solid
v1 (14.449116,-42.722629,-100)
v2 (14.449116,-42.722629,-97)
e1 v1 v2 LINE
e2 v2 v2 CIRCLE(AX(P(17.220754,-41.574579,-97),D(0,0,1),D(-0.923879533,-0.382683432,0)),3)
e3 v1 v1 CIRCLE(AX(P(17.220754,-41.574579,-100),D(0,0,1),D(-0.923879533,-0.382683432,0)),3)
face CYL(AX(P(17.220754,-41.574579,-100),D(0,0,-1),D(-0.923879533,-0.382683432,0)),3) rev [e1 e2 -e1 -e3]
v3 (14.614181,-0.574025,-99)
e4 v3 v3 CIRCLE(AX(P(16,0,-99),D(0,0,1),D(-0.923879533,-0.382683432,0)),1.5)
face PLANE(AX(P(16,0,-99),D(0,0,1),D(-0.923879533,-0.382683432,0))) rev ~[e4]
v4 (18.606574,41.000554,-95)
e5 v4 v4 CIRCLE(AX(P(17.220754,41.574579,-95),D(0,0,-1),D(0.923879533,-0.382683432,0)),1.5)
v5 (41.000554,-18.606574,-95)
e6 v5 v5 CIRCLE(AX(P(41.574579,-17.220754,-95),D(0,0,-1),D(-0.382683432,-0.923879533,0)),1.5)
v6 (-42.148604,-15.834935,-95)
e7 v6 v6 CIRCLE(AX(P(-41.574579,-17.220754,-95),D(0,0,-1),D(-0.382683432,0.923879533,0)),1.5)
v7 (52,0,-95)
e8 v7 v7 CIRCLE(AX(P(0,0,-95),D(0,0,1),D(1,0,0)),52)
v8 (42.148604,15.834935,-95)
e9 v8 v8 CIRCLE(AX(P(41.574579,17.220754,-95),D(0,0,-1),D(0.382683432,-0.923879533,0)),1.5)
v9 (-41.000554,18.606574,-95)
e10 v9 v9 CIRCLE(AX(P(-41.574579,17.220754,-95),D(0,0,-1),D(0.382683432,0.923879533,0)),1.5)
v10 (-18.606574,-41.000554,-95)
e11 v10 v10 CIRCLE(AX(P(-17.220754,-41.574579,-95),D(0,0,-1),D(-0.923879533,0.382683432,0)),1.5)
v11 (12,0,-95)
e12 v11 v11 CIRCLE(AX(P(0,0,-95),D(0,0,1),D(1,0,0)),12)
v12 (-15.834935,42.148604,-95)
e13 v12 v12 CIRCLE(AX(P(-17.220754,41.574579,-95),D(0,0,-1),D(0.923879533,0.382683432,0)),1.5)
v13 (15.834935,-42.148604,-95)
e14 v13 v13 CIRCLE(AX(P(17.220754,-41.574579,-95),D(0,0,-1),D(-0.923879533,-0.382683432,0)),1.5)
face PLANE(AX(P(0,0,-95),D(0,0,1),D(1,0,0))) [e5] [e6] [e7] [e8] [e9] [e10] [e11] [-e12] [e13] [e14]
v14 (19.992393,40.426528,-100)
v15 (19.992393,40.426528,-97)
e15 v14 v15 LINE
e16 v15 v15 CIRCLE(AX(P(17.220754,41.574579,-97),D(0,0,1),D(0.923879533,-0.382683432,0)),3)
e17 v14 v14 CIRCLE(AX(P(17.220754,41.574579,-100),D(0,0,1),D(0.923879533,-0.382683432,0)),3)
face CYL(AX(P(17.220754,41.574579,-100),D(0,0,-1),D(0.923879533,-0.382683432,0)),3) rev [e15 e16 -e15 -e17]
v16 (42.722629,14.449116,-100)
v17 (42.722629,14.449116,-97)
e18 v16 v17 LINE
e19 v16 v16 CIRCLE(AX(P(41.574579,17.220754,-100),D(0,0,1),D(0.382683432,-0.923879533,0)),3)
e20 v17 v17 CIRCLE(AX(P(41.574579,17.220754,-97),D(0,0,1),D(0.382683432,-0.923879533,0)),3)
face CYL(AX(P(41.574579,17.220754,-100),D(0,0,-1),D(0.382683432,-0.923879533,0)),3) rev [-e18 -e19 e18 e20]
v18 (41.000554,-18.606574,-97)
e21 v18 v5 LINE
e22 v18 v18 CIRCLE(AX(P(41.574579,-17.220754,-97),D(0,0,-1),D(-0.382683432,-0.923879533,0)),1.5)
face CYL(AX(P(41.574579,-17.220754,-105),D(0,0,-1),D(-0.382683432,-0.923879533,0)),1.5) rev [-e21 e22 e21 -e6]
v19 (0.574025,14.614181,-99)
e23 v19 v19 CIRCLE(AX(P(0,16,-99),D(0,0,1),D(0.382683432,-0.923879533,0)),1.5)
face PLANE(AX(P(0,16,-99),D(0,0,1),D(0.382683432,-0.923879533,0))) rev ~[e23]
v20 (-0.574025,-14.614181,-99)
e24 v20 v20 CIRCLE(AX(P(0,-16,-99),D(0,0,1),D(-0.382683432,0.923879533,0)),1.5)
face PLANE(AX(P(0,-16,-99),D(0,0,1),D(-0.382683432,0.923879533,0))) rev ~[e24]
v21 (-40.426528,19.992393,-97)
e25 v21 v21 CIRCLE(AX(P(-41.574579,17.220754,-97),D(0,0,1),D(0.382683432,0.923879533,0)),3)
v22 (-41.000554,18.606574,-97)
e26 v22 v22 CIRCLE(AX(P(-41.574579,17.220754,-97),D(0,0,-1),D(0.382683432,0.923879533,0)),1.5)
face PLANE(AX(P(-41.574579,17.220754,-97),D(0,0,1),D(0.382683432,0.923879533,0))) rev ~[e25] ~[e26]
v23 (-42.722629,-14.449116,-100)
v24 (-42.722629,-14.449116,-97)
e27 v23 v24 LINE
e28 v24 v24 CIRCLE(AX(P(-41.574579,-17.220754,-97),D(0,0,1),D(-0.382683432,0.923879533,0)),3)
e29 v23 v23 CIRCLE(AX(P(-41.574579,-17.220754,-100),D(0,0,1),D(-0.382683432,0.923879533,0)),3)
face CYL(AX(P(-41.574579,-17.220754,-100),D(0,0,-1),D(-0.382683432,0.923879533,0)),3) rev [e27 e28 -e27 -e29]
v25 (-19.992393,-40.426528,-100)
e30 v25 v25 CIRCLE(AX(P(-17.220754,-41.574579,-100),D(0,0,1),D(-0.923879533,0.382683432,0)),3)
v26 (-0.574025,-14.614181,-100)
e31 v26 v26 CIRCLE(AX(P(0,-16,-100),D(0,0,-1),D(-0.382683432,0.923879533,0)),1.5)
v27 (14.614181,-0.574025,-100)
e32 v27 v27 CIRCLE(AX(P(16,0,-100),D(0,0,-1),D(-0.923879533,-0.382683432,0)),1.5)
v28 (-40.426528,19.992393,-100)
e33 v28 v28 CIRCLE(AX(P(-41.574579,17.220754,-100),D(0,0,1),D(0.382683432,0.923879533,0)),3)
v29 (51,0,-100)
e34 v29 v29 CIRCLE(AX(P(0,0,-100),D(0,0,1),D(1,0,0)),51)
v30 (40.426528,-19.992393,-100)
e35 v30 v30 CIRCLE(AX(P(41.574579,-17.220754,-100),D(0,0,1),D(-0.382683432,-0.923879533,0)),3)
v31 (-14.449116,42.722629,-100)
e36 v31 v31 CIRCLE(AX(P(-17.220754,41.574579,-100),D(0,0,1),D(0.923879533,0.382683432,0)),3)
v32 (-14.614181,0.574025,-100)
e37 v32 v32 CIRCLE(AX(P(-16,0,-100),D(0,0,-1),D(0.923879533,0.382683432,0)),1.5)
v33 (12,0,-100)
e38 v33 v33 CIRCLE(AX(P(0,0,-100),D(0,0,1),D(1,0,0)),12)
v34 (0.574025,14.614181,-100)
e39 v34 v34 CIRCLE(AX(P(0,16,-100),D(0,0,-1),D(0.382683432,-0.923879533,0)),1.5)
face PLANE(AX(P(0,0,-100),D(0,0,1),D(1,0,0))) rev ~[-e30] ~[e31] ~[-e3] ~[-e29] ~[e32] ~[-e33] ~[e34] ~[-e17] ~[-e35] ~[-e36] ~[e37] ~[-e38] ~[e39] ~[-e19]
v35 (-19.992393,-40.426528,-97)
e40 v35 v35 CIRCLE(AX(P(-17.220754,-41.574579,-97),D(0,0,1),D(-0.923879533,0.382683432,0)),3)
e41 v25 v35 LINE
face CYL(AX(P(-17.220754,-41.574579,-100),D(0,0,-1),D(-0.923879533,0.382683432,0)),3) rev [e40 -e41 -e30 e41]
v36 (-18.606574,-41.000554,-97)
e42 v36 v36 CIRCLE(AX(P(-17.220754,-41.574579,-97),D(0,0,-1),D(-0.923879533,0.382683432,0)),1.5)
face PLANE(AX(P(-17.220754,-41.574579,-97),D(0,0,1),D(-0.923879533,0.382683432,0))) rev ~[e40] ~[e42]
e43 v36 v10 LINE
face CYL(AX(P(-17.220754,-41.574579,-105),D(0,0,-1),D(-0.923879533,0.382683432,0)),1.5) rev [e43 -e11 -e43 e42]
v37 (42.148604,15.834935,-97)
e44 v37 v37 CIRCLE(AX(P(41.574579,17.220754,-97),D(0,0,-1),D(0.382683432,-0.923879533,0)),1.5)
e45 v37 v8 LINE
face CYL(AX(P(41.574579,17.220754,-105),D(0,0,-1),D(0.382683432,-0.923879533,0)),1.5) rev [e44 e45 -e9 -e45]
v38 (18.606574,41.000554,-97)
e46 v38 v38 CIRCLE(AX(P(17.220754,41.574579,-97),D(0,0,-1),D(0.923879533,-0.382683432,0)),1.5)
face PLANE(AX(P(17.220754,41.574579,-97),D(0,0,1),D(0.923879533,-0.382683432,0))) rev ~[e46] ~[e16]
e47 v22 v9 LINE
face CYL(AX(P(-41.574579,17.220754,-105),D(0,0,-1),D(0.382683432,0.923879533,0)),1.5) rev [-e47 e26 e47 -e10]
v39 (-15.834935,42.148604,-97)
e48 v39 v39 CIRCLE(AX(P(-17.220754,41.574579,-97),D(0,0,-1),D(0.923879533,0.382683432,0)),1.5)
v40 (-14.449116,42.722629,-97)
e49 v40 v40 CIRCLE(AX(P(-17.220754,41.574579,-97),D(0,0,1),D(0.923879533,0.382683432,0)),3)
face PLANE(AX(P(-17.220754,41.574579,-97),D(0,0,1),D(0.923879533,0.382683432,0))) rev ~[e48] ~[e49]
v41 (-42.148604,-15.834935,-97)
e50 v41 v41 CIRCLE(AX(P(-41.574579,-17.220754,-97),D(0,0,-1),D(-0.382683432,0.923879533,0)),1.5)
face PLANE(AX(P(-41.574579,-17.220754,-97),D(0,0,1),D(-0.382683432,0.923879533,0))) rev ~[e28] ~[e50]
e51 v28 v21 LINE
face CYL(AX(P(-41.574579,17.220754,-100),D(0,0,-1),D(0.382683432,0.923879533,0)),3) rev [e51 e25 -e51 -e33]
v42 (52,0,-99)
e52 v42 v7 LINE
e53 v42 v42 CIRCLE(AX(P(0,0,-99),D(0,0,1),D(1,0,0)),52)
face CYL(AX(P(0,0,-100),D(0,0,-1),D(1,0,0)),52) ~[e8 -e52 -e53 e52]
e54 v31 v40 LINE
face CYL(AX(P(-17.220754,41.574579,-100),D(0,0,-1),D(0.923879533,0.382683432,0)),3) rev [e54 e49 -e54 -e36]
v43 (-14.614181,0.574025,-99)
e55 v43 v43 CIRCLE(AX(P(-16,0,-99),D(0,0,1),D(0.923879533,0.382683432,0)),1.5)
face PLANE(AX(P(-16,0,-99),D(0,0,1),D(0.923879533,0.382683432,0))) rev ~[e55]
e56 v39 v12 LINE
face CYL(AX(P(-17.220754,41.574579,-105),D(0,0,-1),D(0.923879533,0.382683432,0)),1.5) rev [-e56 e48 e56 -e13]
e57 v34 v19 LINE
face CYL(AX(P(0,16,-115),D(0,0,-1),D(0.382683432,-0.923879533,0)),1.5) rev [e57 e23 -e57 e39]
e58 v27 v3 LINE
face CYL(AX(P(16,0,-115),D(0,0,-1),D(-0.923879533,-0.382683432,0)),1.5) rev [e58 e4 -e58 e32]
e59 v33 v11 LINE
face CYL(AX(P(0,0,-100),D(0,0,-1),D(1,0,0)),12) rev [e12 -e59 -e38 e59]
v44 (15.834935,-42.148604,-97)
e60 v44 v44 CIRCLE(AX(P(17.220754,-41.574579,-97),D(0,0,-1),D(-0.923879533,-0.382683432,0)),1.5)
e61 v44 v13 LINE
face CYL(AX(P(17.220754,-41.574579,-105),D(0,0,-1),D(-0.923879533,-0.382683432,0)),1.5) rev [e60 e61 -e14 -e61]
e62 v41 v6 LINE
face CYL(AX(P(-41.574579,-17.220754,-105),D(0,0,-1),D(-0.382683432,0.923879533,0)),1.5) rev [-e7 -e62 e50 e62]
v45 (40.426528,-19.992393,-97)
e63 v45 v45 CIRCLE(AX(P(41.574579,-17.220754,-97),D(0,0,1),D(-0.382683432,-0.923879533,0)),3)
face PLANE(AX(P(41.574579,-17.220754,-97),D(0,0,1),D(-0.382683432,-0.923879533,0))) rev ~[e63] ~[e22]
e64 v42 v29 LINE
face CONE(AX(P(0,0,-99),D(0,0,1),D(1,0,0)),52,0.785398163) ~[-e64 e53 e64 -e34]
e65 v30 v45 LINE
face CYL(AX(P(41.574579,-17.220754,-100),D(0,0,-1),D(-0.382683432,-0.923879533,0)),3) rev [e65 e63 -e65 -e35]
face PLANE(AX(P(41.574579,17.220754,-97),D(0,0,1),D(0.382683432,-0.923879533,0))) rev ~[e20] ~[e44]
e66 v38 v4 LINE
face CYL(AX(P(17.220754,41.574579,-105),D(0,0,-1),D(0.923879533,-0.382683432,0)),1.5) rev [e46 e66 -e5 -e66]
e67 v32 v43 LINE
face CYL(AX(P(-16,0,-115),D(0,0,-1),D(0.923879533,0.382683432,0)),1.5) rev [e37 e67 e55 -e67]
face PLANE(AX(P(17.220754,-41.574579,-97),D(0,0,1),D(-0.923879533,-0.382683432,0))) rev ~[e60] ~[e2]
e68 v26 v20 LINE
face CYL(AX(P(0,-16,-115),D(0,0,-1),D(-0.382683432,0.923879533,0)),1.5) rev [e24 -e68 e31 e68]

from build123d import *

# Parameters (mm, degrees)
CYLINDER297_R               = 3
CYLINDER297_DEPTH           = 3
CYLINDER297_PLACEMENT_ANGLE = 45
CYLINDER296_R               = 3
CYLINDER296_DEPTH           = 3
CYLINDER293_R               = 3
CYLINDER293_DEPTH           = 3
CYLINDER293_PLACEMENT_ANGLE = 135
CYLINDER298_R               = 3
CYLINDER298_DEPTH           = 3
CYLINDER292_R               = 3
CYLINDER292_DEPTH           = 3
CYLINDER292_PLACEMENT_ANGLE = 225
CYLINDER295_R               = 3
CYLINDER295_DEPTH           = 3
CYLINDER299_R               = 3
CYLINDER299_DEPTH           = 3
CYLINDER299_PLACEMENT_ANGLE = 45
CYLINDER294_R               = 3
CYLINDER294_DEPTH           = 3
COMPOUND237_PLACEMENT_ANGLE = 22.5
CYLINDER288_R               = 1.5
CYLINDER288_DEPTH           = 20
CYLINDER288_PLACEMENT_ANGLE = 45
CYLINDER284_R               = 1.5
CYLINDER284_DEPTH           = 20
CYLINDER285_R               = 1.5
CYLINDER285_DEPTH           = 20
CYLINDER285_PLACEMENT_ANGLE = 135
CYLINDER291_R               = 1.5
CYLINDER291_DEPTH           = 20
CYLINDER289_R               = 1.5
CYLINDER289_DEPTH           = 20
CYLINDER289_PLACEMENT_ANGLE = 225
CYLINDER287_R               = 1.5
CYLINDER287_DEPTH           = 20
CYLINDER290_R               = 1.5
CYLINDER290_DEPTH           = 20
CYLINDER290_PLACEMENT_ANGLE = 45
CYLINDER286_R               = 1.5
CYLINDER286_DEPTH           = 20
COMPOUND236_PLACEMENT_ANGLE = 22.5
CYLINDER280_R               = 1.5
CYLINDER280_DEPTH           = 16
CYLINDER280_PLACEMENT_ANGLE = 67.5
CYLINDER282_R               = 1.5
CYLINDER282_DEPTH           = 16
CYLINDER282_PLACEMENT_ANGLE = 22.5
CYLINDER283_R               = 1.5
CYLINDER283_DEPTH           = 16
CYLINDER283_PLACEMENT_ANGLE = 112.5
CYLINDER281_R               = 1.5
CYLINDER281_DEPTH           = 16
CYLINDER281_PLACEMENT_ANGLE = 202.5
TUBE029_R                   = 52
TUBE029_R_2                 = 12
TUBE029_DEPTH               = 5
CHAMFER003_SIZE             = 1


with BuildPart() as v_lec297:
    # Cylinder297 → Cylinder297 (new body)
    with BuildSketch(Plane.XY):
        Circle(CYLINDER297_R)
    extrude(amount=CYLINDER297_DEPTH)


with BuildPart() as v_lec297_1:
    # Cylinder297 placement: moved
    add(v_lec297.part.moved(Location((-31.819805, 31.819805, -18))).rotate(Axis((-31.819805, 31.819805, -18), (0, 0, 1)), CYLINDER297_PLACEMENT_ANGLE))


with BuildPart() as v_lec296:
    # Cylinder296 → Cylinder296 (new body)
    with BuildSketch(Plane(origin=(-45, 0, -18), x_dir=(0, 1, 0), z_dir=(0, 0, 1))):
        Circle(CYLINDER296_R)
    extrude(amount=CYLINDER296_DEPTH)


with BuildPart() as v_lec293:
    # Cylinder293 → Cylinder293 (new body)
    with BuildSketch(Plane.XY):
        Circle(CYLINDER293_R)
    extrude(amount=CYLINDER293_DEPTH)


with BuildPart() as v_lec293_1:
    # Cylinder293 placement: moved
    add(v_lec293.part.moved(Location((-31.819805, -31.819805, -18))).rotate(Axis((-31.819805, -31.819805, -18), (0, 0, 1)), CYLINDER293_PLACEMENT_ANGLE))


with BuildPart() as v_lec298:
    # Cylinder298 → Cylinder298 (new body)
    with BuildSketch(Plane(origin=(0, -45, -18), x_dir=(-1, 0, 0), z_dir=(0, 0, 1))):
        Circle(CYLINDER298_R)
    extrude(amount=CYLINDER298_DEPTH)


with BuildPart() as v_lec292:
    # Cylinder292 → Cylinder292 (new body)
    with BuildSketch(Plane.XY):
        Circle(CYLINDER292_R)
    extrude(amount=CYLINDER292_DEPTH)


with BuildPart() as v_lec292_1:
    # Cylinder292 placement: moved
    add(v_lec292.part.moved(Location((31.819805, -31.819805, -18))).rotate(Axis((31.819805, -31.819805, -18), (0, 0, 1)), CYLINDER292_PLACEMENT_ANGLE))


with BuildPart() as v_lec295:
    # Cylinder295 → Cylinder295 (new body)
    with BuildSketch(Plane(origin=(45, 0, -18), x_dir=(0, -1, 0), z_dir=(0, 0, 1))):
        Circle(CYLINDER295_R)
    extrude(amount=CYLINDER295_DEPTH)


with BuildPart() as v_lec299:
    # Cylinder299 → Cylinder299 (new body)
    with BuildSketch(Plane.XY):
        Circle(CYLINDER299_R)
    extrude(amount=CYLINDER299_DEPTH)


with BuildPart() as v_lec299_1:
    # Cylinder299 placement: moved
    add(v_lec299.part.moved(Location((31.819805, 31.819805, -18))).rotate(Axis((31.819805, 31.819805, -18), (0, 0, -1)), CYLINDER299_PLACEMENT_ANGLE))


with BuildPart() as compound237:
    # Cylinder294 → Cylinder294 (new body)
    with BuildSketch(Plane(origin=(0, 45, -18), x_dir=(1, 0, 0), z_dir=(0, 0, 1))):
        Circle(CYLINDER294_R)
    extrude(amount=CYLINDER294_DEPTH)

    # Compound237: union Válec297, Válec296, Válec293, Válec298, Válec292, Válec295, Válec299
    add(v_lec297_1.part)
    add(v_lec296.part)
    add(v_lec293_1.part)
    add(v_lec298.part)
    add(v_lec292_1.part)
    add(v_lec295.part)
    add(v_lec299_1.part)


with BuildPart() as compound237_1:
    # Compound237 placement: moved
    add(compound237.part.moved(Location((0, 0, -82))).rotate(Axis((0, 0, -82), (0, 0, 1)), COMPOUND237_PLACEMENT_ANGLE))


with BuildPart() as v_lec288:
    # Cylinder288 → Cylinder288 (new body)
    with BuildSketch(Plane.XY):
        Circle(CYLINDER288_R)
    extrude(amount=CYLINDER288_DEPTH)


with BuildPart() as v_lec288_1:
    # Cylinder288 placement: moved
    add(v_lec288.part.moved(Location((-31.819805, 31.819805, -18))).rotate(Axis((-31.819805, 31.819805, -18), (0, 0, 1)), CYLINDER288_PLACEMENT_ANGLE))


with BuildPart() as v_lec284:
    # Cylinder284 → Cylinder284 (new body)
    with BuildSketch(Plane(origin=(-45, 0, -18), x_dir=(0, 1, 0), z_dir=(0, 0, 1))):
        Circle(CYLINDER284_R)
    extrude(amount=CYLINDER284_DEPTH)


with BuildPart() as v_lec285:
    # Cylinder285 → Cylinder285 (new body)
    with BuildSketch(Plane.XY):
        Circle(CYLINDER285_R)
    extrude(amount=CYLINDER285_DEPTH)


with BuildPart() as v_lec285_1:
    # Cylinder285 placement: moved
    add(v_lec285.part.moved(Location((-31.819805, -31.819805, -18))).rotate(Axis((-31.819805, -31.819805, -18), (0, 0, 1)), CYLINDER285_PLACEMENT_ANGLE))


with BuildPart() as v_lec291:
    # Cylinder291 → Cylinder291 (new body)
    with BuildSketch(Plane(origin=(0, -45, -18), x_dir=(-1, 0, 0), z_dir=(0, 0, 1))):
        Circle(CYLINDER291_R)
    extrude(amount=CYLINDER291_DEPTH)


with BuildPart() as v_lec289:
    # Cylinder289 → Cylinder289 (new body)
    with BuildSketch(Plane.XY):
        Circle(CYLINDER289_R)
    extrude(amount=CYLINDER289_DEPTH)


with BuildPart() as v_lec289_1:
    # Cylinder289 placement: moved
    add(v_lec289.part.moved(Location((31.819805, -31.819805, -18))).rotate(Axis((31.819805, -31.819805, -18), (0, 0, 1)), CYLINDER289_PLACEMENT_ANGLE))


with BuildPart() as v_lec287:
    # Cylinder287 → Cylinder287 (new body)
    with BuildSketch(Plane(origin=(45, 0, -18), x_dir=(0, -1, 0), z_dir=(0, 0, 1))):
        Circle(CYLINDER287_R)
    extrude(amount=CYLINDER287_DEPTH)


with BuildPart() as v_lec290:
    # Cylinder290 → Cylinder290 (new body)
    with BuildSketch(Plane.XY):
        Circle(CYLINDER290_R)
    extrude(amount=CYLINDER290_DEPTH)


with BuildPart() as v_lec290_1:
    # Cylinder290 placement: moved
    add(v_lec290.part.moved(Location((31.819805, 31.819805, -18))).rotate(Axis((31.819805, 31.819805, -18), (0, 0, -1)), CYLINDER290_PLACEMENT_ANGLE))


with BuildPart() as compound236:
    # Cylinder286 → Cylinder286 (new body)
    with BuildSketch(Plane(origin=(0, 45, -18), x_dir=(1, 0, 0), z_dir=(0, 0, 1))):
        Circle(CYLINDER286_R)
    extrude(amount=CYLINDER286_DEPTH)

    # Compound236: union Válec288, Válec284, Válec285, Válec291, Válec289, Válec287, Válec290
    add(v_lec288_1.part)
    add(v_lec284.part)
    add(v_lec285_1.part)
    add(v_lec291.part)
    add(v_lec289_1.part)
    add(v_lec287.part)
    add(v_lec290_1.part)


with BuildPart() as compound236_1:
    # Compound236 placement: moved
    add(compound236.part.moved(Location((0, 0, -87))).rotate(Axis((0, 0, -87), (0, 0, 1)), COMPOUND236_PLACEMENT_ANGLE))


with BuildPart() as v_lec280:
    # Cylinder280 → Cylinder280 (new body)
    with BuildSketch(Plane.XY):
        Circle(CYLINDER280_R)
    extrude(amount=CYLINDER280_DEPTH)


with BuildPart() as v_lec280_1:
    # Cylinder280 placement: moved
    add(v_lec280.part.moved(Location((0, 16, 2))).rotate(Axis((0, 16, 2), (0, 0, -1)), CYLINDER280_PLACEMENT_ANGLE))


with BuildPart() as v_lec282:
    # Cylinder282 → Cylinder282 (new body)
    with BuildSketch(Plane.XY):
        Circle(CYLINDER282_R)
    extrude(amount=CYLINDER282_DEPTH)


with BuildPart() as v_lec282_1:
    # Cylinder282 placement: moved
    add(v_lec282.part.moved(Location((-16, 0, 2))).rotate(Axis((-16, 0, 2), (0, 0, 1)), CYLINDER282_PLACEMENT_ANGLE))


with BuildPart() as v_lec283:
    # Cylinder283 → Cylinder283 (new body)
    with BuildSketch(Plane.XY):
        Circle(CYLINDER283_R)
    extrude(amount=CYLINDER283_DEPTH)


with BuildPart() as v_lec283_1:
    # Cylinder283 placement: moved
    add(v_lec283.part.moved(Location((0, -16, 2))).rotate(Axis((0, -16, 2), (0, 0, 1)), CYLINDER283_PLACEMENT_ANGLE))


with BuildPart() as compound235:
    # Cylinder281 → Cylinder281 (new body)
    with BuildSketch(Plane.XY):
        Circle(CYLINDER281_R)
    extrude(amount=CYLINDER281_DEPTH)


with BuildPart() as compound235_1:
    # Cylinder281 placement: moved
    add(compound235.part.moved(Location((16, 0, 2))).rotate(Axis((16, 0, 2), (0, 0, 1)), CYLINDER281_PLACEMENT_ANGLE))

    # Compound235: union Válec280, Válec282, Válec283
    add(v_lec280_1.part)
    add(v_lec282_1.part)
    add(v_lec283_1.part)


with BuildPart() as compound235_2:
    # Compound235 placement: moved
    add(compound235_1.part.moved(Location((0, 0, -117))))


with BuildPart() as chamfer003:
    # Tube029 → Tube029 (new body)
    with BuildSketch(Plane.XY.offset(-100)):
        Circle(TUBE029_R)
        Circle(TUBE029_R_2, mode=Mode.SUBTRACT)
    extrude(amount=TUBE029_DEPTH)

    # Cut125: cut Compound235
    add(compound235_2.part, mode=Mode.SUBTRACT)

    # Cut127: cut Compound236
    add(compound236_1.part, mode=Mode.SUBTRACT)

    # Cut128: cut Compound237
    add(compound237_1.part, mode=Mode.SUBTRACT)

    # Chamfer003
    chamfer003_edges = [chamfer003.edges().sort_by_distance(p)[0] for p in [
        (-52, 0, -100),
    ]]
    chamfer(chamfer003_edges, length=CHAMFER003_SIZE)


solid = chamfer003.part
